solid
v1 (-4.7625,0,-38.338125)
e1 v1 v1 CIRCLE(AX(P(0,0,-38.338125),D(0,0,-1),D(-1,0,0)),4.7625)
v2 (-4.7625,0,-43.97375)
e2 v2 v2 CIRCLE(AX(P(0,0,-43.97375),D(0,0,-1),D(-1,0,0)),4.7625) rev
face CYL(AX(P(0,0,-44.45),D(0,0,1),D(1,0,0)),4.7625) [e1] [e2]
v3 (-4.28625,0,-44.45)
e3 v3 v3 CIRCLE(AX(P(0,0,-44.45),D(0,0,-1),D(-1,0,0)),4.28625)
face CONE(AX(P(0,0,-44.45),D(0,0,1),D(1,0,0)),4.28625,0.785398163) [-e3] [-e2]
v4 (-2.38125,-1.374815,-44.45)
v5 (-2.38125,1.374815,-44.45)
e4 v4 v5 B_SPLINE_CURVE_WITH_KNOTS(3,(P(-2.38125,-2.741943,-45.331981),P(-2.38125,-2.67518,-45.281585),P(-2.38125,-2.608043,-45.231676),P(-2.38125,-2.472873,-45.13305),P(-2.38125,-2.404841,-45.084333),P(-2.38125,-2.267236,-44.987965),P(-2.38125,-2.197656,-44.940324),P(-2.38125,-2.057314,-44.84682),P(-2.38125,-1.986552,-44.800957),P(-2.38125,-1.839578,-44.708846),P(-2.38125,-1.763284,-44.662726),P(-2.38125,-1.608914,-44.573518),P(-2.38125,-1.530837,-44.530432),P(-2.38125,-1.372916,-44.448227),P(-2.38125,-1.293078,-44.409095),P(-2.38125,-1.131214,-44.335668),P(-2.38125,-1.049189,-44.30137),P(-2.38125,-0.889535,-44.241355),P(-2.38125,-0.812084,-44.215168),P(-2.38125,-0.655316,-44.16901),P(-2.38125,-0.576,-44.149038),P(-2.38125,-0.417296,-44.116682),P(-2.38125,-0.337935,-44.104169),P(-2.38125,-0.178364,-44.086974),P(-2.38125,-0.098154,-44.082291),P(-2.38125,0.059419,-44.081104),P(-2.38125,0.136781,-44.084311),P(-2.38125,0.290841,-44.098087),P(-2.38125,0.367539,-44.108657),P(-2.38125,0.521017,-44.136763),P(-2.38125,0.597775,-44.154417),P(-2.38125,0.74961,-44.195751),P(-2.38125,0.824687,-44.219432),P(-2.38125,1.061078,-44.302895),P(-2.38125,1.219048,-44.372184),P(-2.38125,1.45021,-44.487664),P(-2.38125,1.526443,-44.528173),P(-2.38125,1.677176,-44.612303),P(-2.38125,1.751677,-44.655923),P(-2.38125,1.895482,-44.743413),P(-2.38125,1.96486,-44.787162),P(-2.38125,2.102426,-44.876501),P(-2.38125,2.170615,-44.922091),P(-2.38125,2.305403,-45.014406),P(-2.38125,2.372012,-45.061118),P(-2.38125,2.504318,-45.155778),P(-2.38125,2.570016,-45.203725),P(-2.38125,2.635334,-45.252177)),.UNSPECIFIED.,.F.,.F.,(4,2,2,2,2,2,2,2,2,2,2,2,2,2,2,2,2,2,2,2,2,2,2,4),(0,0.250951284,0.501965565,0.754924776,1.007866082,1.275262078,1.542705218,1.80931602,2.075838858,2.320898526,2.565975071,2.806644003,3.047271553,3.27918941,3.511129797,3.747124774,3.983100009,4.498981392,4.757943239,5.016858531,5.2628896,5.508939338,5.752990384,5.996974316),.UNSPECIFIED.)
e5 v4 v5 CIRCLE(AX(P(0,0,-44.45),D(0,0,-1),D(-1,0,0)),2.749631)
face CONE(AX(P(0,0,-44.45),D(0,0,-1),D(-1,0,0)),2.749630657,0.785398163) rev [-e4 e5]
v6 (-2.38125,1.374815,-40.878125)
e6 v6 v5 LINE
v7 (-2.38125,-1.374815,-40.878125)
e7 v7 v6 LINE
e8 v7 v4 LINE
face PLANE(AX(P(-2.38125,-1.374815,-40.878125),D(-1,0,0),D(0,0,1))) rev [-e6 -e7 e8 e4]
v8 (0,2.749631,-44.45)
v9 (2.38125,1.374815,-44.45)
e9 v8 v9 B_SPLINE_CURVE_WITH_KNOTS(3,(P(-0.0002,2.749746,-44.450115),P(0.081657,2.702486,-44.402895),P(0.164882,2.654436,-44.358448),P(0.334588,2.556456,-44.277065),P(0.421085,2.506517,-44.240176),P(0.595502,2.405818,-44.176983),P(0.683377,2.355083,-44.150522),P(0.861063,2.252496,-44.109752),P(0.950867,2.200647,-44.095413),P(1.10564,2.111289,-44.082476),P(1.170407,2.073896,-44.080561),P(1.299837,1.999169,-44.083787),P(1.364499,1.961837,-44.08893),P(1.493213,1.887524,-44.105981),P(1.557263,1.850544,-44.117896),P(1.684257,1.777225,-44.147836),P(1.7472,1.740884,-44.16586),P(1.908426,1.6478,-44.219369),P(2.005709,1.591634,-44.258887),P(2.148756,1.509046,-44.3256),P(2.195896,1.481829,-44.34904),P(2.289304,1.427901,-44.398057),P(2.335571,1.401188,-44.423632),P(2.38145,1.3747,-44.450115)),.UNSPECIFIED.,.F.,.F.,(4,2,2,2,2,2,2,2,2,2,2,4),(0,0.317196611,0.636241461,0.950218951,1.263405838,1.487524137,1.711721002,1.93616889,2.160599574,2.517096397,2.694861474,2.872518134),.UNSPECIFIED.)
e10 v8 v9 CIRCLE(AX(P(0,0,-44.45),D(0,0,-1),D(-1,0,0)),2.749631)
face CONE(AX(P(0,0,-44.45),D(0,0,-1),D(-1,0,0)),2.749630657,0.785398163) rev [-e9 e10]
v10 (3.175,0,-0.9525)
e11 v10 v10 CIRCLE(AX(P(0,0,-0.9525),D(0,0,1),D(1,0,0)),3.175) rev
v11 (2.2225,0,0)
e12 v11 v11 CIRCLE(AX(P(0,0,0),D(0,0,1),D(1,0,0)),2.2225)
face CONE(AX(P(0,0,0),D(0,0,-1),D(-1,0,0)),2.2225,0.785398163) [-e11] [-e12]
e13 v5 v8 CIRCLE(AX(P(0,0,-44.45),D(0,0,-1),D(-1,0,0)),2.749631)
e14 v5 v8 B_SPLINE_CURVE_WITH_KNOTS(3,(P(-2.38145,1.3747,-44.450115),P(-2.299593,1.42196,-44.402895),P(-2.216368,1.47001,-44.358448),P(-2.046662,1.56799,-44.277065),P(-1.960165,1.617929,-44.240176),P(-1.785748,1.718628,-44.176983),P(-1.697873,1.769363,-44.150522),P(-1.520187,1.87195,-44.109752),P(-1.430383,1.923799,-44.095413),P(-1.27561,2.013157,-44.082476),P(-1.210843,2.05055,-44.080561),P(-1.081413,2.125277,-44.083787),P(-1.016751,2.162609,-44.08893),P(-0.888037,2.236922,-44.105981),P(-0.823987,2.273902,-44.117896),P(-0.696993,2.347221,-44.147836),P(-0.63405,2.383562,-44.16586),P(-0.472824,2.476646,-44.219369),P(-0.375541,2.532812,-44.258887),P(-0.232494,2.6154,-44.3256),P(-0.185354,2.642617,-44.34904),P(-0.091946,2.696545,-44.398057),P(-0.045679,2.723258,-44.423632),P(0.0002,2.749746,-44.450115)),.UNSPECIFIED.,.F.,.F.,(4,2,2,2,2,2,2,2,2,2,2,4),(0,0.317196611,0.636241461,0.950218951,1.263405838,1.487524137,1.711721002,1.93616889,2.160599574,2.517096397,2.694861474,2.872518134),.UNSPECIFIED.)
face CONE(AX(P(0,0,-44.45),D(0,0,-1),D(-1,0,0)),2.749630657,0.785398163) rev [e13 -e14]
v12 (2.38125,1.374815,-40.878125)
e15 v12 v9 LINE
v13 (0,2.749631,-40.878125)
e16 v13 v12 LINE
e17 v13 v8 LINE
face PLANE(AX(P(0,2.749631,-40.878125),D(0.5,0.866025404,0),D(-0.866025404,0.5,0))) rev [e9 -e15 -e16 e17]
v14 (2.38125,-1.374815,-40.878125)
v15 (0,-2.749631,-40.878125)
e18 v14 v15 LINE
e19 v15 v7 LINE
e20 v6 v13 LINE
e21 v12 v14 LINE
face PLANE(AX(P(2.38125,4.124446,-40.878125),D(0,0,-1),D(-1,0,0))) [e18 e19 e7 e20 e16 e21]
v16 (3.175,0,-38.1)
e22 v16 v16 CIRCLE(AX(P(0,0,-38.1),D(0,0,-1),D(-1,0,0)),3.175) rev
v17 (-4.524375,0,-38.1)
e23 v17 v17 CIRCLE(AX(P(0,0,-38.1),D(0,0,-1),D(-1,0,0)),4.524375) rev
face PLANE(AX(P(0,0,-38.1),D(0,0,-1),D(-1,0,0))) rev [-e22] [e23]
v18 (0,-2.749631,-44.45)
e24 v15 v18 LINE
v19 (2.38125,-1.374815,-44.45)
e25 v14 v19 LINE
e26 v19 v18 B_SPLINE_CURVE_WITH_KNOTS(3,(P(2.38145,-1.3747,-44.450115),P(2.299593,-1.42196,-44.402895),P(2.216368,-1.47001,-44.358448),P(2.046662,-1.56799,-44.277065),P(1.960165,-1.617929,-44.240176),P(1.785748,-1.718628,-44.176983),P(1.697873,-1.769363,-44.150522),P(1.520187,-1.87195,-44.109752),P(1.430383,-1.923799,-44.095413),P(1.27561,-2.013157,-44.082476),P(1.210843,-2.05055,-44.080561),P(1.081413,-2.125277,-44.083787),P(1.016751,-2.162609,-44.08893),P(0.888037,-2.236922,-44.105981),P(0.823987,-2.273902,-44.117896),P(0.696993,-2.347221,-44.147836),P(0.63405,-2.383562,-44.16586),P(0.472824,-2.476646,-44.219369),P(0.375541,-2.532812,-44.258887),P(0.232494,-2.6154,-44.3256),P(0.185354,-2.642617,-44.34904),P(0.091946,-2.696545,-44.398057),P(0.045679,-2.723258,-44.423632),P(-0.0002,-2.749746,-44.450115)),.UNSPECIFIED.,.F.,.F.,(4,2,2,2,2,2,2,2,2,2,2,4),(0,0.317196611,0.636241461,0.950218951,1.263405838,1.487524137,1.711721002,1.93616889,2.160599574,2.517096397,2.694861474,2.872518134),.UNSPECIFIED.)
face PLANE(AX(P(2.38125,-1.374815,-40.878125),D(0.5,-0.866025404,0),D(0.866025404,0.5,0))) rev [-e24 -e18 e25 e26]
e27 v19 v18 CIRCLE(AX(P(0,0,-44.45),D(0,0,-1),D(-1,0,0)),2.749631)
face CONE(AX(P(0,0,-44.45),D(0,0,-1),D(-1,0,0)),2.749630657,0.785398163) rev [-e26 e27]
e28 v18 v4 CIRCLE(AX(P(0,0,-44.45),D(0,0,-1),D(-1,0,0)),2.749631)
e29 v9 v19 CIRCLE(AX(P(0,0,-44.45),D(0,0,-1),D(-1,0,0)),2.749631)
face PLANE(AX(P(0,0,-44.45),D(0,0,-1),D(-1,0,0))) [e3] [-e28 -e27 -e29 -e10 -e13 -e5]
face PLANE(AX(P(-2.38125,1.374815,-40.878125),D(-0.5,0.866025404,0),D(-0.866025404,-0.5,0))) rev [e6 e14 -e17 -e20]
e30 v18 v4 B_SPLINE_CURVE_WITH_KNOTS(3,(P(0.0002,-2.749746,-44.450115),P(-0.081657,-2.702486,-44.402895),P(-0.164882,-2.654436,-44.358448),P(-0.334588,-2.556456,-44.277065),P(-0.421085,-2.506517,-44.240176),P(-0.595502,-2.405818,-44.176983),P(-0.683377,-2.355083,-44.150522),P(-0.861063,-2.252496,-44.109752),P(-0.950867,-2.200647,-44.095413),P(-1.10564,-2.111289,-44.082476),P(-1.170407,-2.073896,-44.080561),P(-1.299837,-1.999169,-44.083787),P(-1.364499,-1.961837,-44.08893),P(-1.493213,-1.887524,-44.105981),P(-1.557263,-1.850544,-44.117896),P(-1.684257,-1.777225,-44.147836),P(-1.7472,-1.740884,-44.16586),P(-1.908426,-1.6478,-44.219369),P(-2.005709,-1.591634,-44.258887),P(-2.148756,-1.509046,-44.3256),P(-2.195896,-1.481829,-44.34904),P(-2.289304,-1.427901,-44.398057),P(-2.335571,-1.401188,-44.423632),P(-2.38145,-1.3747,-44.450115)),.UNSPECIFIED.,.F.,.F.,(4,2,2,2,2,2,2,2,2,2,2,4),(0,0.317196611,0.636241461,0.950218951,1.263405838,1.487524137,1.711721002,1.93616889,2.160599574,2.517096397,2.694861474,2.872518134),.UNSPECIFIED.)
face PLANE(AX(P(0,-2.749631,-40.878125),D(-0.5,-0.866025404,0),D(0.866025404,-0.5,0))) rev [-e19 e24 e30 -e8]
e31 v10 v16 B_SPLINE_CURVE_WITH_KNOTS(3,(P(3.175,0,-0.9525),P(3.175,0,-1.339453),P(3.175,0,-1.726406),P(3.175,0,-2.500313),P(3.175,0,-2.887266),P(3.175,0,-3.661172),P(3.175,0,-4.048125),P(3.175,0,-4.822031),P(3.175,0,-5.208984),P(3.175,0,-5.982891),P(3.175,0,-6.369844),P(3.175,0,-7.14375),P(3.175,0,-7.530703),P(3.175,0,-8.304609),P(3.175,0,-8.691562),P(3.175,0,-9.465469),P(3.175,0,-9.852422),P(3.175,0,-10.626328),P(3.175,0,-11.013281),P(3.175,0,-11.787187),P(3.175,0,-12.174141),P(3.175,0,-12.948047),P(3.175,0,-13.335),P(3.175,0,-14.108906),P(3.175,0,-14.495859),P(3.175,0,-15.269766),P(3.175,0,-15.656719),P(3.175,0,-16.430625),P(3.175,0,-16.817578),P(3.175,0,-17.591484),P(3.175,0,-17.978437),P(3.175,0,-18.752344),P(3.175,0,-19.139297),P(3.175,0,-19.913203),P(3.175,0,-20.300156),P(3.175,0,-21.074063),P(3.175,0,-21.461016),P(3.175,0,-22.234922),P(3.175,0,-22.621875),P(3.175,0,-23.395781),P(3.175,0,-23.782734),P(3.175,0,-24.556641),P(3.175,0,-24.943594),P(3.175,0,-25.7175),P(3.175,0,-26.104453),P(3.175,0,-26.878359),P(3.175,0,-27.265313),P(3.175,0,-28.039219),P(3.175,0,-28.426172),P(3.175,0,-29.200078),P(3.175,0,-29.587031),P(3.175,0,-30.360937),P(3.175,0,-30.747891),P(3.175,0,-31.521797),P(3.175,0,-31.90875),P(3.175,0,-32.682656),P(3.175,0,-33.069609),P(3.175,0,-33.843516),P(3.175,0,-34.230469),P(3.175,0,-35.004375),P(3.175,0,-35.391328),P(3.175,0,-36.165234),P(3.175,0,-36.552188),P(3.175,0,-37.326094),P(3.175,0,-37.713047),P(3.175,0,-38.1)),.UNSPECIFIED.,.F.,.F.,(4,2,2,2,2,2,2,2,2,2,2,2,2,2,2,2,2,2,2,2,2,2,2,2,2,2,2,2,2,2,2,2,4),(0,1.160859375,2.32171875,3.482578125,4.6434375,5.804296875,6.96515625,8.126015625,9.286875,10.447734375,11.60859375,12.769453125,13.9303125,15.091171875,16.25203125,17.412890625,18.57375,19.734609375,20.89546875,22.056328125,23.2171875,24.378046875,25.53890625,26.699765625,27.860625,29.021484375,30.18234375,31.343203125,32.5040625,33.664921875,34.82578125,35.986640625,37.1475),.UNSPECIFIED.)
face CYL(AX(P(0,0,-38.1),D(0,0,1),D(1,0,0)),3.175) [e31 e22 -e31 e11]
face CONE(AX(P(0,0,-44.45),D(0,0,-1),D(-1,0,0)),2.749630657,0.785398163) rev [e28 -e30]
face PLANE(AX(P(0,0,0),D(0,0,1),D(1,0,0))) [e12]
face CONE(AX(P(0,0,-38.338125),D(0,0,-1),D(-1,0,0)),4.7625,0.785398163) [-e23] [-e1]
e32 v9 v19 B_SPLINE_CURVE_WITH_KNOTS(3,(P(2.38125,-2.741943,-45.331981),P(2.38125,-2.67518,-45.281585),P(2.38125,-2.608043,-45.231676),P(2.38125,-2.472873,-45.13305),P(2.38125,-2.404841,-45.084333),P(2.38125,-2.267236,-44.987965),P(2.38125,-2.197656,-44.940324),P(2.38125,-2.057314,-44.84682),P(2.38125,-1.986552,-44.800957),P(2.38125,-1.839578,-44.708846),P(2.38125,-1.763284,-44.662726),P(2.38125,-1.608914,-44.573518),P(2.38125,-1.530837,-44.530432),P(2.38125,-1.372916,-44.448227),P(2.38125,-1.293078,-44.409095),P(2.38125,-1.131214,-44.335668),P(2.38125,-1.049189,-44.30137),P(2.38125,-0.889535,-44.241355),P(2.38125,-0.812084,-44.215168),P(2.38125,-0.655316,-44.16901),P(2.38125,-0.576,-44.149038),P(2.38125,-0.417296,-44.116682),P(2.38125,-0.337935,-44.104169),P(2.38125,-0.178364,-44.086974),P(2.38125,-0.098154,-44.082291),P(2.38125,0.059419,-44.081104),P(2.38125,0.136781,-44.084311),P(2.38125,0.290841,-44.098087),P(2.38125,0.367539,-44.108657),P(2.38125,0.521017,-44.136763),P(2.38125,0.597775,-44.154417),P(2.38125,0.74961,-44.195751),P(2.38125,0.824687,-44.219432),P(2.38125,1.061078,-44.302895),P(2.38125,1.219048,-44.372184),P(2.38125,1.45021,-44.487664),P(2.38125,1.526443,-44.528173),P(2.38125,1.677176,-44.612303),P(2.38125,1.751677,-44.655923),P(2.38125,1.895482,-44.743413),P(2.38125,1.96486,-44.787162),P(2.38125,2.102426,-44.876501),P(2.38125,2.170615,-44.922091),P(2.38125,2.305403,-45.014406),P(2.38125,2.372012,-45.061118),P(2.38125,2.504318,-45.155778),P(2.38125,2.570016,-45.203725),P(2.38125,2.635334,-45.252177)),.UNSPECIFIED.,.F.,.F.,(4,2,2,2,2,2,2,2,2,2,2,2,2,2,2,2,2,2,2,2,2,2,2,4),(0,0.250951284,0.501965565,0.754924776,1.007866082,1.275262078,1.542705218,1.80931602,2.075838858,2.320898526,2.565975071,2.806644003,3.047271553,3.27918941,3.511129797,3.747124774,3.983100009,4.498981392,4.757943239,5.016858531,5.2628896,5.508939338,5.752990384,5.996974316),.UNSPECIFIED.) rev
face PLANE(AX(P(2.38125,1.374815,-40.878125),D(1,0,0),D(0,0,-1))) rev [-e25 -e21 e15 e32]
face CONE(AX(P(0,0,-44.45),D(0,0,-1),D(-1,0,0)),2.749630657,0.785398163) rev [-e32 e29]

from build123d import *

# Parameters (mm, degrees)
SKETCH1_R          = 3.175
EXTRUDE1_DEPTH     = 38.1
CHAMFER3_SIZE      = 0.9525
SKETCH6_R          = 4.7625
EXTRUDE2_DEPTH     = 6.35
CUT_EXTRUDE1_DEPTH = 3.571875
CHAMFER1_SIZE      = 0.47625
CHAMFER2_SIZE      = 0.238125


with BuildPart() as part:
    # Sketch1 → Extrude1 (new body)
    with BuildSketch(Plane.XY):
        Circle(SKETCH1_R)
    extrude(amount=-EXTRUDE1_DEPTH)

    # Chamfer3
    chamfer3_edges = [part.edges().sort_by_distance(p)[0] for p in [
        (-3.175, 0, 0),
    ]]
    chamfer(chamfer3_edges, length=CHAMFER3_SIZE)

    # Sketch6 → Extrude2 (add)
    with BuildSketch(Plane(origin=(0, 0, -38.1), x_dir=(-1, 0, 0), z_dir=(0, 0, -1))):
        Circle(SKETCH6_R)
    extrude(amount=EXTRUDE2_DEPTH)

    # Sketch7 → Cut-Extrude1 (cut)
    with BuildSketch(Plane(origin=(0, 0, -44.45), x_dir=(-1, 0, 0), z_dir=(0, 0, -1))):
        Polygon((0, 2.749630657), (-2.38125, 1.374815329), (-2.38125, -1.374815329), (0, -2.749630657), (2.38125, -1.374815329), (2.38125, 1.374815329), align=None)
    extrude(amount=-CUT_EXTRUDE1_DEPTH, mode=Mode.SUBTRACT)

    # Cut-Extrude2 cone 1 section (through the dimple's axis) → Cut-Extrude2 (revolve, cut)
    with BuildSketch(Plane(origin=(0, 0, -44.45), x_dir=(0, 1, 0), z_dir=(1, 0, 0))):
        Polygon((0, 0), (2.749630657, 0), (0, 2.749630657), align=None)
    revolve(axis=Axis((0, 0, -44.45), (0, 0, 1)), mode=Mode.SUBTRACT)

    # Chamfer1
    chamfer1_edges = [part.edges().sort_by_distance(p)[0] for p in [
        (4.7625, 0, -44.45),
    ]]
    chamfer(chamfer1_edges, length=CHAMFER1_SIZE)

    # Chamfer2
    chamfer2_edges = [part.edges().sort_by_distance(p)[0] for p in [
        (4.7625, 0, -38.1),
    ]]
    chamfer(chamfer2_edges, length=CHAMFER2_SIZE)


solid = part.part
